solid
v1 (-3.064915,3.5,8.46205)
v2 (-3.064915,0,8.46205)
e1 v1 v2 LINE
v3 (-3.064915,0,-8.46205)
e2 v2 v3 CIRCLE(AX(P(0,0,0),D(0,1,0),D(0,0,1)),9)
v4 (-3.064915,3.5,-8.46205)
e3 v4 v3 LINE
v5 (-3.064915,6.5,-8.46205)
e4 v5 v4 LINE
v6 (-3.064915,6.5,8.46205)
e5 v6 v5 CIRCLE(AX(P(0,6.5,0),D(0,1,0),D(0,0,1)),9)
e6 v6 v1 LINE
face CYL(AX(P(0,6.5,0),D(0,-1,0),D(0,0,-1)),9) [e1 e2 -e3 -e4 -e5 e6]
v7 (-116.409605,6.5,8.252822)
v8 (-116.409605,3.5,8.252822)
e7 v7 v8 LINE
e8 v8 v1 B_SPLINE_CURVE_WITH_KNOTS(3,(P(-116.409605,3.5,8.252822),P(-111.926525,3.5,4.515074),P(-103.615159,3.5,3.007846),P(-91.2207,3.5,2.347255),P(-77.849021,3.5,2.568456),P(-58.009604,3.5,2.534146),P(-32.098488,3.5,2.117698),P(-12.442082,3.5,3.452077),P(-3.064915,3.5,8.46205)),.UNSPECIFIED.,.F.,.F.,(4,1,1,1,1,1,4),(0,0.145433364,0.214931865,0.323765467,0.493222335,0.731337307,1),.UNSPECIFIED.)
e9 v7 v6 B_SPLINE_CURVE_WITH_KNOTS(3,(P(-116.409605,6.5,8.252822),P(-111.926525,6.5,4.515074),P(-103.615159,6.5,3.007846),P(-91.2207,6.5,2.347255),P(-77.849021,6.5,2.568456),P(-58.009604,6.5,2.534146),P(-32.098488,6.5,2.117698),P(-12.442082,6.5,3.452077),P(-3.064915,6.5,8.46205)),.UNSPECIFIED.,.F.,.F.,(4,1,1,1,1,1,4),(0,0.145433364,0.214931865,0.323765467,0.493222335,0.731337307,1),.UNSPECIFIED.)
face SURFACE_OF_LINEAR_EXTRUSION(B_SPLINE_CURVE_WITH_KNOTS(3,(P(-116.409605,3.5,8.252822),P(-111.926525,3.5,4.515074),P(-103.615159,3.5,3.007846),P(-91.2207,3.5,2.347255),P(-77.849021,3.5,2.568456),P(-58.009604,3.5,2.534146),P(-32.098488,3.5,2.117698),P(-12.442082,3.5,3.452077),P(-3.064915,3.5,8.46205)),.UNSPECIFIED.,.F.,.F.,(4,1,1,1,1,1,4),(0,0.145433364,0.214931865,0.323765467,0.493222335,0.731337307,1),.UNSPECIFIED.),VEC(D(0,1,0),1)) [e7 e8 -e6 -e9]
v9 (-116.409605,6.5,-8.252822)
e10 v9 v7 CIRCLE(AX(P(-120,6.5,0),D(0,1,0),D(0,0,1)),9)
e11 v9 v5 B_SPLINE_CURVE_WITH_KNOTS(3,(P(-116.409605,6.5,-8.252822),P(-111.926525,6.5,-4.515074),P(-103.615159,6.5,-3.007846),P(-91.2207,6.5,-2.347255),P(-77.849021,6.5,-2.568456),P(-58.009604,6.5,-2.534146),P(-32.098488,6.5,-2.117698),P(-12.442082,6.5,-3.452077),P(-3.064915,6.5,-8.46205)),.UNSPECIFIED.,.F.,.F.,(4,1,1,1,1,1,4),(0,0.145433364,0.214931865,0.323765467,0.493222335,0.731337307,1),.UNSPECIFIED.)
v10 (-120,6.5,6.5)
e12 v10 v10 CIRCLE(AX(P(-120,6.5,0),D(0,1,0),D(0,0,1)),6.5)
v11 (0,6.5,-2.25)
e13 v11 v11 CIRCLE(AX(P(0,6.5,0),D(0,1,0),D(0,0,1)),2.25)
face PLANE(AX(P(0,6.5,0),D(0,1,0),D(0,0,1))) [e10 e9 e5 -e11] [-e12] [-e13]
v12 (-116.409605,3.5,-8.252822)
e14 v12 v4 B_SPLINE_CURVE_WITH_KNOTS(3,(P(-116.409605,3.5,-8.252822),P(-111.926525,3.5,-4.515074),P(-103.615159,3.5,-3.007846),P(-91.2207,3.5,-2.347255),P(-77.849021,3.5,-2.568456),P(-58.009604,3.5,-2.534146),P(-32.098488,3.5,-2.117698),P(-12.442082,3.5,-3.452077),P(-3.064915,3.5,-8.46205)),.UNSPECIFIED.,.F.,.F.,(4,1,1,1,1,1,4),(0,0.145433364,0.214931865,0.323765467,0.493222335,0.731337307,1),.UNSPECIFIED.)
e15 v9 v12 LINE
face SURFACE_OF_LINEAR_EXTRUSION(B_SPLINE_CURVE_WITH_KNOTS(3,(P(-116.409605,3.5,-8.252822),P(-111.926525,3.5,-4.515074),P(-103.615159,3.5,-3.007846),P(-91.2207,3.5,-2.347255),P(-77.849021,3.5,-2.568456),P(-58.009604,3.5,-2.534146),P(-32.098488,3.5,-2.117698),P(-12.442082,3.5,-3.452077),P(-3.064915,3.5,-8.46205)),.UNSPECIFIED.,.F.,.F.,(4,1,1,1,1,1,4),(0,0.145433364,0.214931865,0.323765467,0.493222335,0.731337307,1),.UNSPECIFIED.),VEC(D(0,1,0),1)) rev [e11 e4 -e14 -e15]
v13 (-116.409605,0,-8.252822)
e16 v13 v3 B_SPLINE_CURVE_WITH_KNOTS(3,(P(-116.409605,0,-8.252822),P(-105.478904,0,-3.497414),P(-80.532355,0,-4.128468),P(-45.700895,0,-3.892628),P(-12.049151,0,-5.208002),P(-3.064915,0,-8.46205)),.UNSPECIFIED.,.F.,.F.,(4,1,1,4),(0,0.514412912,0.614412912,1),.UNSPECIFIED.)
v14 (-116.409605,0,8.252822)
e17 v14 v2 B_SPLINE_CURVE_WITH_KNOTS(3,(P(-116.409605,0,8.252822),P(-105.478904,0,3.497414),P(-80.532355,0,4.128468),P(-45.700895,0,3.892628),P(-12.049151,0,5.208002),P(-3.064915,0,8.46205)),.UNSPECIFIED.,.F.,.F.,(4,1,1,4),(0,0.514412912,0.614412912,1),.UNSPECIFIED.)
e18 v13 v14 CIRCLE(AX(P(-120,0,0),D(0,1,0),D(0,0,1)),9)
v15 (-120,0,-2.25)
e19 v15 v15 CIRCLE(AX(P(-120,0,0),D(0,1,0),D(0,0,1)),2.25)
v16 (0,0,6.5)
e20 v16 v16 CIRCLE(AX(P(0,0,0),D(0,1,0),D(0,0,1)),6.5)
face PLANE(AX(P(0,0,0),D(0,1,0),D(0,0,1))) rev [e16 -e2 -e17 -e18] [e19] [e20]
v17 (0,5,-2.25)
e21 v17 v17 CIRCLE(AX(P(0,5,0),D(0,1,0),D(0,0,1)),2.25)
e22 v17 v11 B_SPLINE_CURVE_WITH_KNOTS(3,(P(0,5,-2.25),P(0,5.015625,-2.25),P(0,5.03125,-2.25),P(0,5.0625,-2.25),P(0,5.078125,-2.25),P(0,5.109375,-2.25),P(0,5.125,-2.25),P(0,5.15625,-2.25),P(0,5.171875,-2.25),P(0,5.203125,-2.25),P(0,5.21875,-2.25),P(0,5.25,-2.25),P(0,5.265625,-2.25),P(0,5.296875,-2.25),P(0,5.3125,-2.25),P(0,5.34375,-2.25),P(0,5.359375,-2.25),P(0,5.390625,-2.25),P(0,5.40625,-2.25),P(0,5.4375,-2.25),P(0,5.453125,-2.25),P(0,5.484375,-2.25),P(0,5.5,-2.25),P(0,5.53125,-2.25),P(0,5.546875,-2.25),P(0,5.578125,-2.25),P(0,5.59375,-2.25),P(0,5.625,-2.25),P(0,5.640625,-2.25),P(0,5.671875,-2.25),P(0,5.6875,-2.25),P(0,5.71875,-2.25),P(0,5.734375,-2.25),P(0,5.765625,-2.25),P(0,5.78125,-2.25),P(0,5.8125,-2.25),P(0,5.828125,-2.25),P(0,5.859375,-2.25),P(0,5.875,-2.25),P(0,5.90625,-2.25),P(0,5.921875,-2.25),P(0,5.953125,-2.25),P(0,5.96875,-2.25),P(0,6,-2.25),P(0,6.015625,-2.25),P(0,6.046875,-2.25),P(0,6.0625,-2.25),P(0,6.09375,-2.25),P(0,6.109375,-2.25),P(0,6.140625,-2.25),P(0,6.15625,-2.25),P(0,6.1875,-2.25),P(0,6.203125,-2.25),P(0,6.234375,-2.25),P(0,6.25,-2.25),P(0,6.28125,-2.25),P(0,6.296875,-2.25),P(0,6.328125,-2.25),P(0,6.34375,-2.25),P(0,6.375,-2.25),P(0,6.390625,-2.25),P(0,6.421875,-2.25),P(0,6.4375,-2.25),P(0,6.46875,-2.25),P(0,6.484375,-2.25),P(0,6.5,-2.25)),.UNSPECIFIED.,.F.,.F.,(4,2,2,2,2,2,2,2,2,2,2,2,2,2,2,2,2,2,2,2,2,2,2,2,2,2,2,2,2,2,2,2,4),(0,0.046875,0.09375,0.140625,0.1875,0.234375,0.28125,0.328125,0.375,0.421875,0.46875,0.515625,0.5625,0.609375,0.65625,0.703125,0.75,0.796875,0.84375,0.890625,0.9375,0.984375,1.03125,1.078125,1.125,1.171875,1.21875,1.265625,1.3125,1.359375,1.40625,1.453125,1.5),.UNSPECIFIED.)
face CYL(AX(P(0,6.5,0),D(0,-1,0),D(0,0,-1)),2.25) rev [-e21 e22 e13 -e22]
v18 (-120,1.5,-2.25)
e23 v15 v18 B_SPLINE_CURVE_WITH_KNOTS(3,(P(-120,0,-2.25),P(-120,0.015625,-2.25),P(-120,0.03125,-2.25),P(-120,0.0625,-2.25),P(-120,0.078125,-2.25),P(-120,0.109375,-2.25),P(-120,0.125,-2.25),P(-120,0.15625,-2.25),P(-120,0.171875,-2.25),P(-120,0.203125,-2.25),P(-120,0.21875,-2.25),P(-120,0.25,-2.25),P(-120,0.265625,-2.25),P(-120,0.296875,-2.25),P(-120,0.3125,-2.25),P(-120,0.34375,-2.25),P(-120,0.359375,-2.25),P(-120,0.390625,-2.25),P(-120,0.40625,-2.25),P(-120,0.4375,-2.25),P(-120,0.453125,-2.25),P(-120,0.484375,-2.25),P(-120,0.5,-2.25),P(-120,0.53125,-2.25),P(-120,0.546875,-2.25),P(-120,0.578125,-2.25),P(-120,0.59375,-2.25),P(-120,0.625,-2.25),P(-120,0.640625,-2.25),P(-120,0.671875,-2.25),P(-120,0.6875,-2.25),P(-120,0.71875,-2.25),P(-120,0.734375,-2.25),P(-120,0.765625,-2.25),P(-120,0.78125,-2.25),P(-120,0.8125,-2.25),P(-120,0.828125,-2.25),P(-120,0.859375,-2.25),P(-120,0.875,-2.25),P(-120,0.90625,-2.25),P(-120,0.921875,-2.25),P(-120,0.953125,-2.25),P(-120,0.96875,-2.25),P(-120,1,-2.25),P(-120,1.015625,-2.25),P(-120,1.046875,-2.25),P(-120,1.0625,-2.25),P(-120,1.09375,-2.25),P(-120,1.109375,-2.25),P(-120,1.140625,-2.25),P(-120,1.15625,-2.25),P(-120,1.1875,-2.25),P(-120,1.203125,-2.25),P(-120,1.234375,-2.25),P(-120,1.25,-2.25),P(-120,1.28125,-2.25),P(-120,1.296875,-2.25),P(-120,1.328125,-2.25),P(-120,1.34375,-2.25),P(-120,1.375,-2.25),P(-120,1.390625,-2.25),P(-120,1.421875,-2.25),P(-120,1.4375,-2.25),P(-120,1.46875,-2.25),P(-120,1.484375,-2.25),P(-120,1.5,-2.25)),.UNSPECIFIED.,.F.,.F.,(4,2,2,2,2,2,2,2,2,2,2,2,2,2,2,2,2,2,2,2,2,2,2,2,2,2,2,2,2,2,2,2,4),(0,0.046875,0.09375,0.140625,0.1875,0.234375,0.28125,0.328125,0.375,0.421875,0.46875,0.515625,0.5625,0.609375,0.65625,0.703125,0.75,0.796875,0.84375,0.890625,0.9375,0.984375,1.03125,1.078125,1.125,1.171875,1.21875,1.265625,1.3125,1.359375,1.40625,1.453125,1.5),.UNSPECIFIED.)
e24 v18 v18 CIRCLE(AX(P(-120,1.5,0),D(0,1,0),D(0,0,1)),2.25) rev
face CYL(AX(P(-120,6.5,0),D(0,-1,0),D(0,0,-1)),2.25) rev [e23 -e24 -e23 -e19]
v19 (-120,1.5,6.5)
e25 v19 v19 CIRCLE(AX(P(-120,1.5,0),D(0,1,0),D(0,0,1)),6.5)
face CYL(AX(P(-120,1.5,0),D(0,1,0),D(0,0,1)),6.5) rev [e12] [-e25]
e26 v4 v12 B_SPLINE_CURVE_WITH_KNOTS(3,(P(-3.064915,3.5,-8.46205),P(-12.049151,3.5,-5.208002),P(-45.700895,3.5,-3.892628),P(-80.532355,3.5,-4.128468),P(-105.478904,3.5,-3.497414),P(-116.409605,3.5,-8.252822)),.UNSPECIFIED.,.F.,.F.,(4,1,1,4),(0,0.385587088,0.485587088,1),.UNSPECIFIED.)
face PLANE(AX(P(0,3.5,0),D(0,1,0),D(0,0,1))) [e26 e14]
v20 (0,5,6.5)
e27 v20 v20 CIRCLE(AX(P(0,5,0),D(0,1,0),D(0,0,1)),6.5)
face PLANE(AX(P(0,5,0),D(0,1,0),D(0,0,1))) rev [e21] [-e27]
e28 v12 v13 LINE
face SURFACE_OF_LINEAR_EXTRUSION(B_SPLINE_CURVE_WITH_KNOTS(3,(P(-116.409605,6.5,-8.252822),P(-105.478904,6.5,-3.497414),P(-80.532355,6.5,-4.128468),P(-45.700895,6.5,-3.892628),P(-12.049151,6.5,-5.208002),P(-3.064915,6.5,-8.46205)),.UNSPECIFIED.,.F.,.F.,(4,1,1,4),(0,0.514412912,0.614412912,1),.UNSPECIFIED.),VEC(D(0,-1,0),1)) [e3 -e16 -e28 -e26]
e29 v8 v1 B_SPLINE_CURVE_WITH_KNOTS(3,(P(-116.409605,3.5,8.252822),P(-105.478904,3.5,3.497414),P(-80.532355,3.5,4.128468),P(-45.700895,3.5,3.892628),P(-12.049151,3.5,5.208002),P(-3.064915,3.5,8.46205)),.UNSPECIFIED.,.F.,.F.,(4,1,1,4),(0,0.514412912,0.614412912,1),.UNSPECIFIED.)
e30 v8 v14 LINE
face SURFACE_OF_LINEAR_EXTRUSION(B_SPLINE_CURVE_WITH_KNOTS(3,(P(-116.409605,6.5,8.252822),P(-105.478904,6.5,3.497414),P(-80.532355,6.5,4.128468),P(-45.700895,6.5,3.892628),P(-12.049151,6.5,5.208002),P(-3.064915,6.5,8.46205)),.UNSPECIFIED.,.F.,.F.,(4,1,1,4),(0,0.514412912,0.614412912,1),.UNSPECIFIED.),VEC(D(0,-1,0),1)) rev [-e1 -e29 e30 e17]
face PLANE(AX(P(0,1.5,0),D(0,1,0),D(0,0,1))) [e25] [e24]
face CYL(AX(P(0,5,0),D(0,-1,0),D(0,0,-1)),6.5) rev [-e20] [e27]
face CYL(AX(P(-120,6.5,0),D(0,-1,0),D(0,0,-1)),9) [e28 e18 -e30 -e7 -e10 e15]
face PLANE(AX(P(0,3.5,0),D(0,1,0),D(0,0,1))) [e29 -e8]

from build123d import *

# Parameters (mm, degrees)
SKETCH1_R           = 9
SKETCH1_R_2         = 2.25
BOSS_EXTRUDE1_DEPTH = 6.5
CUT_EXTRUDE1_START  = -5
SKETCH2_R           = 6.5
SKETCH2_R_2         = 2.25
CUT_EXTRUDE1_DEPTH  = 5
CUT_EXTRUDE2_DEPTH  = 3
CUT_EXTRUDE3_START  = -6.5
SKETCH2_3_R         = 6.5
CUT_EXTRUDE3_DEPTH  = 5


with BuildPart() as part:
    # Sketch1 → Boss-Extrude1 (new body)
    # profile 1 of 3: a face of its own
    with BuildSketch(Plane(origin=(0, 0, 0), x_dir=(1, 0, 0), z_dir=(0, 1, 0))):
        with Locations((-120, 0)):
            Circle(SKETCH1_R)
        with Locations(Location((-120, 0, 0), (0, 0, 90))):
            Circle(SKETCH1_R_2, mode=Mode.SUBTRACT)
    # profile 2 of 3: a face of its own
    with BuildSketch(Plane(origin=(0, 0, 0), x_dir=(1, 0, 0), z_dir=(0, 1, 0))):
        with BuildLine():
            ThreePointArc((-116.409605108, 8.252821609), (-112.472930383, 4.933885182), (-111, 0))
            ThreePointArc((-111, 0), (-112.472930383, -4.933885182), (-116.409605108, -8.252821609))
            add(Edge.make_bspline(
                [(-116.409605108, -8.252821609), (-105.478903695, -3.497413535), (-80.532354503, -4.12846793), (-45.700894509, -3.892627812), (-12.04915124, -5.208001503), (-3.064915464, -8.462050177)],
                knots=[0, 0, 0, 0, 0.514412912, 0.614412912, 1, 1, 1, 1], degree=3))
            ThreePointArc((-3.064915464, -8.462050177), (-9, 0), (-3.064915464, 8.462050177))
            add(Edge.make_bspline(
                [(-116.409605108, 8.252821609), (-105.478903695, 3.497413535), (-80.532354503, 4.12846793), (-45.700894509, 3.892627812), (-12.04915124, 5.208001503), (-3.064915464, 8.462050177)],
                knots=[0, 0, 0, 0, 0.514412912, 0.614412912, 1, 1, 1, 1], degree=3))
        make_face()
    # profile 3 of 3: a face of its own
    with BuildSketch(Plane(origin=(0, 0, 0), x_dir=(1, 0, 0), z_dir=(0, 1, 0))):
        Circle(SKETCH1_R)
        with Locations(Location((0, 0, 0), (0, 0, 90))):
            Circle(SKETCH1_R_2, mode=Mode.SUBTRACT)
    extrude(amount=BOSS_EXTRUDE1_DEPTH)

    # Sketch2 → Cut-Extrude1 (cut)
    with BuildSketch(Plane(origin=(0, 6.5, 0), x_dir=(1, 0, 0), z_dir=(0, 1, 0)).offset(CUT_EXTRUDE1_START)):
        with Locations(Location((-120, 0, 0), (0, 0, 270))):
            Circle(SKETCH2_R)
        with Locations(Location((-120, 0, 0), (0, 0, 90))):
            Circle(SKETCH2_R_2, mode=Mode.SUBTRACT)
    extrude(amount=CUT_EXTRUDE1_DEPTH, mode=Mode.SUBTRACT)

    # Sketch3 → Cut-Extrude2 (cut)
    with BuildSketch(Plane(origin=(0, 6.5, 0), x_dir=(1, 0, 0), z_dir=(0, 1, 0))):
        with BuildLine():
            add(Edge.make_bspline(
                [(-116.409605108, -8.252821609), (-111.926525136, -4.515073542), (-103.615159098, -3.007845736), (-91.22070001, -2.347255299), (-77.849021373, -2.568456126), (-58.009603755, -2.53414615), (-32.098488239, -2.117697646), (-12.442081893, -3.452077228), (-3.064915464, -8.462050177)],
                knots=[0, 0, 0, 0, 0.145433364, 0.214931865, 0.323765467, 0.493222335, 0.731337307, 1, 1, 1, 1], degree=3))
            add(Edge.make_bspline(
                [(-116.409605108, -8.252821609), (-105.478903695, -3.497413535), (-80.532354503, -4.12846793), (-45.700894509, -3.892627812), (-12.04915124, -5.208001503), (-3.064915464, -8.462050177)],
                knots=[0, 0, 0, 0, 0.514412912, 0.614412912, 1, 1, 1, 1], degree=3))
        make_face()
        with BuildLine():
            add(Edge.make_bspline(
                [(-116.409605108, 8.252821609), (-111.926525136, 4.515073542), (-103.615159098, 3.007845736), (-91.22070001, 2.347255299), (-77.849021373, 2.568456126), (-58.009603755, 2.53414615), (-32.098488239, 2.117697646), (-12.442081893, 3.452077228), (-3.064915464, 8.462050177)],
                knots=[0, 0, 0, 0, 0.145433364, 0.214931865, 0.323765467, 0.493222335, 0.731337307, 1, 1, 1, 1], degree=3))
            add(Edge.make_bspline(
                [(-3.064915464, 8.462050177), (-12.04915124, 5.208001503), (-45.700894509, 3.892627812), (-80.532354503, 4.12846793), (-105.478903695, 3.497413535), (-116.409605108, 8.252821609)],
                knots=[0, 0, 0, 0, 0.385587088, 0.485587088, 1, 1, 1, 1], degree=3))
        make_face()
    extrude(amount=-CUT_EXTRUDE2_DEPTH, mode=Mode.SUBTRACT)

    # Sketch2<3> → Cut-Extrude3 (cut)
    with BuildSketch(Plane(origin=(0, 6.5, 0), x_dir=(1, 0, 0), z_dir=(0, 1, 0)).offset(CUT_EXTRUDE3_START)):
        with Locations(Location((0, 0, 0), (0, 0, 270))):
            Circle(SKETCH2_3_R)
    extrude(amount=CUT_EXTRUDE3_DEPTH, mode=Mode.SUBTRACT)


solid = part.part
